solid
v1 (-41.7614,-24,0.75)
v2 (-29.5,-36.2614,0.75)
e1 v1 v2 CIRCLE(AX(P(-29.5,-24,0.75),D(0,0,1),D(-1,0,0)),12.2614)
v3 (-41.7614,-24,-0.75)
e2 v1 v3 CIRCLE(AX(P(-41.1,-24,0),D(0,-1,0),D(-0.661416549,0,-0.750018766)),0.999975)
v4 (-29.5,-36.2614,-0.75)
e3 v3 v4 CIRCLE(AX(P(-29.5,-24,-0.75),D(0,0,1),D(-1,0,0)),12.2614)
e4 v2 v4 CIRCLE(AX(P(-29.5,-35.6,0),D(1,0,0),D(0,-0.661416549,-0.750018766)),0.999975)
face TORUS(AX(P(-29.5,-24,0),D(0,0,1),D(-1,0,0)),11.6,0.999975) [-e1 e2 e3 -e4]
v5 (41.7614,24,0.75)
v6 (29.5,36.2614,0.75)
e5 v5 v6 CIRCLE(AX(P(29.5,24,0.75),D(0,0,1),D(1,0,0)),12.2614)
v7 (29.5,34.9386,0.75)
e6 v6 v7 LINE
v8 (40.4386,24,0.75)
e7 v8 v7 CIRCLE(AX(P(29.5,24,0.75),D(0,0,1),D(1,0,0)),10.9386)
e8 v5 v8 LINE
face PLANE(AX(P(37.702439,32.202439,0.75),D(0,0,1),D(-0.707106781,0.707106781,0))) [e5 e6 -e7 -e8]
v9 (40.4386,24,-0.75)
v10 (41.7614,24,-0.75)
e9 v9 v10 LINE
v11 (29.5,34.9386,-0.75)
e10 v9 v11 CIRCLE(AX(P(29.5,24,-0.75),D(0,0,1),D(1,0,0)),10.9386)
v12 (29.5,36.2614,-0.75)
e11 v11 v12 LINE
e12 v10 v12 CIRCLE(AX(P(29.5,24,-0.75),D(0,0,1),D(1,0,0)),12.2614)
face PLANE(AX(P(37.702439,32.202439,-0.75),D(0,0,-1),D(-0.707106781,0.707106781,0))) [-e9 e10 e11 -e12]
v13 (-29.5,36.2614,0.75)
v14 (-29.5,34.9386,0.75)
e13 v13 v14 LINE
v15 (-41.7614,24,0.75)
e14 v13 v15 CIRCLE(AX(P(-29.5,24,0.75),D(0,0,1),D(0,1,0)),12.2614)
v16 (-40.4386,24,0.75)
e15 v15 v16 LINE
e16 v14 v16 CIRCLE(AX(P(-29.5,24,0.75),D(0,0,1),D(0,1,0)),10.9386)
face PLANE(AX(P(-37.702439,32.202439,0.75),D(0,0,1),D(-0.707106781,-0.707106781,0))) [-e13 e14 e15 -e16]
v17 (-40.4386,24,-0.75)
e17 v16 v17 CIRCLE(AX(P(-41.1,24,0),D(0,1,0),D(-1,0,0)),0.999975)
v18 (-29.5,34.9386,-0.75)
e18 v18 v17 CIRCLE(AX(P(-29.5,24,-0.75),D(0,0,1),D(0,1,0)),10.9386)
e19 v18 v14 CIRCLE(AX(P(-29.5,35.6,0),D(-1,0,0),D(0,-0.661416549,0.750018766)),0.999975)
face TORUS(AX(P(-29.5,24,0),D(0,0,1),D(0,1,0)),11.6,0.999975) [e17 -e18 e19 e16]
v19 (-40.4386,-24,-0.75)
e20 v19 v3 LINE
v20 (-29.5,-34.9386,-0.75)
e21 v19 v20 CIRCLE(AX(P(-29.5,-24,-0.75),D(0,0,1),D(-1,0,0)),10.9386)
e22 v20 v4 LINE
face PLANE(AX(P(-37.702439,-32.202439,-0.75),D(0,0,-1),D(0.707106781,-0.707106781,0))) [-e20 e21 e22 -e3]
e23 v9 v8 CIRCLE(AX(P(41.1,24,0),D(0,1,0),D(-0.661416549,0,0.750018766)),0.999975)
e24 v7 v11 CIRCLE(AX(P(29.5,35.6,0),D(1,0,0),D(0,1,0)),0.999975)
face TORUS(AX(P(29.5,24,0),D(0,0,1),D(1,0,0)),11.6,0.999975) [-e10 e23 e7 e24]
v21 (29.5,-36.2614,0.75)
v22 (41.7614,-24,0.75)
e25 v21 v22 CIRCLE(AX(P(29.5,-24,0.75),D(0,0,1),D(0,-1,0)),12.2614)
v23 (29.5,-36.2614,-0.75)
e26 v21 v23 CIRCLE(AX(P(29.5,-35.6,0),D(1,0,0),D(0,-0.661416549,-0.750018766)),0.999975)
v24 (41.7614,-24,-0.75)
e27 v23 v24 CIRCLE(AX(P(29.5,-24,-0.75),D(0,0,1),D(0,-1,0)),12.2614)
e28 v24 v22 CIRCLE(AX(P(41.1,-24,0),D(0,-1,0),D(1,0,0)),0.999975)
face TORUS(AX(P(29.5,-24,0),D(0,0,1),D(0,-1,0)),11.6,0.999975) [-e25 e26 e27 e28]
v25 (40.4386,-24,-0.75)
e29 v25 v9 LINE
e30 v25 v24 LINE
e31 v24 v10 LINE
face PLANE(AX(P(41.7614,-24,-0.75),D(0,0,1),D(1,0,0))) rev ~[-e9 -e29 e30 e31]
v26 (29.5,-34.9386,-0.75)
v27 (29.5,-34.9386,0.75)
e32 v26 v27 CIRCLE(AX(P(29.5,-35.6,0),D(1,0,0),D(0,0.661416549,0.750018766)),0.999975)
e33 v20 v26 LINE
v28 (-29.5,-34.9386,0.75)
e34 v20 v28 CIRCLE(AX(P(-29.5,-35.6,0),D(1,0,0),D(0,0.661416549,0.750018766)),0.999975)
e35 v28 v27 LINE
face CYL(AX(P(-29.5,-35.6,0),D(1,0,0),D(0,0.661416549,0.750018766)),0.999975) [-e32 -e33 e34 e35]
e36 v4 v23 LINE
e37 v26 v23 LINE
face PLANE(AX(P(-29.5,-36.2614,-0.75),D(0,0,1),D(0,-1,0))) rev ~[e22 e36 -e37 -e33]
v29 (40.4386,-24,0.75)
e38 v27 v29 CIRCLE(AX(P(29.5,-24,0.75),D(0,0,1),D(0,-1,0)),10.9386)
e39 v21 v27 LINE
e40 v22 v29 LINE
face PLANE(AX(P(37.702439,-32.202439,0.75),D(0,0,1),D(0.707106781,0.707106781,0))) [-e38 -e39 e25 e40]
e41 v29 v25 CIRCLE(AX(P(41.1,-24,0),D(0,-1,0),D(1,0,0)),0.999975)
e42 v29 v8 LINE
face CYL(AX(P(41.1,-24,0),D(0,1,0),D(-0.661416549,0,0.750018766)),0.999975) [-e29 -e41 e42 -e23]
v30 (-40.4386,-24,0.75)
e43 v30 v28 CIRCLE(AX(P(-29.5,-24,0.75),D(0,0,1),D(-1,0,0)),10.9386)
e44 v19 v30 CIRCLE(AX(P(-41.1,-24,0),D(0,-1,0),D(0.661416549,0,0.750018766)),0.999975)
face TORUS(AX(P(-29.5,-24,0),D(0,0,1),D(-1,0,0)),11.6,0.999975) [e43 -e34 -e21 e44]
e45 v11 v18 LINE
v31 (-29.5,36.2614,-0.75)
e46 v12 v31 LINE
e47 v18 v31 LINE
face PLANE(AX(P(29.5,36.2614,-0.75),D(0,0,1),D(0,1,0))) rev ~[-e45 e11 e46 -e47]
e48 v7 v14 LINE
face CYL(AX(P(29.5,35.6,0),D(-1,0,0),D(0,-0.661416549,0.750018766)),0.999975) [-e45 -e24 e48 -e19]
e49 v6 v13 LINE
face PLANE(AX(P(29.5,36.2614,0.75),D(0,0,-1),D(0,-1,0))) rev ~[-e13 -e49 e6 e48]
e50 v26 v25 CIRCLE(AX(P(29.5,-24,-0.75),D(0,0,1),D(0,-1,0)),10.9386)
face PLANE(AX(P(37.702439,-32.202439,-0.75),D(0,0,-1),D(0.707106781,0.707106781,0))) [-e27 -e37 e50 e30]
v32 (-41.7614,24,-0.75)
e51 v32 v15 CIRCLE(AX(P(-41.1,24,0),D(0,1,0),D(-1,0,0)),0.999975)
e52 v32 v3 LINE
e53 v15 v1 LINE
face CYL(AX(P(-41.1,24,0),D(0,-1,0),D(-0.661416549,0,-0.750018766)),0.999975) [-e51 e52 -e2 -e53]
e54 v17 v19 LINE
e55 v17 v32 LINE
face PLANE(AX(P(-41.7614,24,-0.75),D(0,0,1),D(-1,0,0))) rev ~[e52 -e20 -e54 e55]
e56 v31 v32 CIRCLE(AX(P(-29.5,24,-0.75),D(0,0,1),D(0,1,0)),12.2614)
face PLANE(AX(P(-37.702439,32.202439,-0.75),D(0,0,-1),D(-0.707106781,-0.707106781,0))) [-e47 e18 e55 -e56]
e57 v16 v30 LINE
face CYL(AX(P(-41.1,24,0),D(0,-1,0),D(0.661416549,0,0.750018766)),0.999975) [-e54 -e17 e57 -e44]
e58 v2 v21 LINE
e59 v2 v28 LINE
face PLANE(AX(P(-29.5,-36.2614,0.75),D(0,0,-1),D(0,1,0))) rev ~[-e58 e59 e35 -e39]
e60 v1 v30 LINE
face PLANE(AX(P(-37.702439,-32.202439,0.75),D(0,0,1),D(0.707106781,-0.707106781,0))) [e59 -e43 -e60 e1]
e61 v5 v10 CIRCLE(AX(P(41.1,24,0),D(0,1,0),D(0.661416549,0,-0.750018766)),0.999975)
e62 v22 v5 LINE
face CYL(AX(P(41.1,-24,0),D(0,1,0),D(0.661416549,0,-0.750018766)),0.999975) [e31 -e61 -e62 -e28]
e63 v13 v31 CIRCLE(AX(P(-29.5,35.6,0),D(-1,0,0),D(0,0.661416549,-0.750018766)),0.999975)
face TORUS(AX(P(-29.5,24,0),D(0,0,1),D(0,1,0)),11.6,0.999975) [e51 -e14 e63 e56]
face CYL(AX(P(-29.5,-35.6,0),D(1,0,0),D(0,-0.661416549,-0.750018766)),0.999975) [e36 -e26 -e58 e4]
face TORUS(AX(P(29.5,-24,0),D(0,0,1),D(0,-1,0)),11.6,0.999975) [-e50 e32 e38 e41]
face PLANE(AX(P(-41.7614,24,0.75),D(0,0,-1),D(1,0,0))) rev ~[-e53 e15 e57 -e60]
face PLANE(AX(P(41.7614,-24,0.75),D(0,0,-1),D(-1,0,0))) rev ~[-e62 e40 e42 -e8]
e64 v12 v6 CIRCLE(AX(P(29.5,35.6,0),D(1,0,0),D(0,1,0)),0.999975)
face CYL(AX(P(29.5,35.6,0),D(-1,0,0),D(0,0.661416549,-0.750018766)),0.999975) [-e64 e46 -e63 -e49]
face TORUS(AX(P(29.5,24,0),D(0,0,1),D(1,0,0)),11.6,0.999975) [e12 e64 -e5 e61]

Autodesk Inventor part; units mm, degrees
ref_plane "YZ Plane" through (0, 0, 0) normal (1, 0, 0) x (0, 1, 0)
ref_plane "XZ Plane" through (0, 0, 0) normal (0, 1, 0) x (-1, 0, 0)
ref_plane "XY Plane" through (0, 0, 0) normal (0, 0, 1) x (1, 0, 0)
sketch "Sketch1" plane through (0, 0, 0) normal (0, 0, 1) x (1, 0, 0)
  line L0 (-29.5, -34.6) -> (29.5, -34.6)
  line L1 (40.1, -24) -> (40.1, 24)
  line L2 (29.5, 34.6) -> (-29.5, 34.6)
  line L3 (-40.1, 24) -> (-40.1, -24)
  line L4 (-40.1, -34.6) -> (40.1, 34.6) construction
  line L5 (40.1, -34.6) -> (-40.1, 34.6) construction
  arc A0 (-29.5, 34.6) -> (-40.1, 24) centre (-29.5, 24) ccw
  arc A1 (-40.1, -24) -> (-29.5, -34.6) centre (-29.5, -24) ccw
  arc A2 (29.5, -34.6) -> (40.1, -24) centre (29.5, -24) ccw
  arc A3 (40.1, 24) -> (29.5, 34.6) centre (29.5, 24) ccw
  point P0 (0, 0)
  dimension "d0" = 69.2
  dimension "d1" = 80.2
  dimension "d2" = 10.6
sketch "Sketch2" plane through (0, 0, 0) normal (0, 1, 0) x (-1, 0, 0)
  line L0 (41.7614, 0.75) -> (40.4386, 0.75)
  arc A0 (40.4386, 0.75) -> (40.4386, -0.75) centre (41.1, 0) ccw
  arc A1 (41.7614, -0.75) -> (41.7614, 0.75) centre (41.1, 0) ccw
  line L1 (41.7614, -0.75) -> (40.4386, -0.75)
  point P0 (0, 0)
  point P1 (40.1, 0)
  point P2 (40.1, 0)
  point P3 (40.1, 0)
  point P4 (41.1, 0.75)
  dimension "d3" = 1.5
  dimension "d4" = 1
sweep "Sweep1" add profiles "Sketch2" path "Sketch1"
properties part number "PayloadGermination_Seal" material "Rubber"
